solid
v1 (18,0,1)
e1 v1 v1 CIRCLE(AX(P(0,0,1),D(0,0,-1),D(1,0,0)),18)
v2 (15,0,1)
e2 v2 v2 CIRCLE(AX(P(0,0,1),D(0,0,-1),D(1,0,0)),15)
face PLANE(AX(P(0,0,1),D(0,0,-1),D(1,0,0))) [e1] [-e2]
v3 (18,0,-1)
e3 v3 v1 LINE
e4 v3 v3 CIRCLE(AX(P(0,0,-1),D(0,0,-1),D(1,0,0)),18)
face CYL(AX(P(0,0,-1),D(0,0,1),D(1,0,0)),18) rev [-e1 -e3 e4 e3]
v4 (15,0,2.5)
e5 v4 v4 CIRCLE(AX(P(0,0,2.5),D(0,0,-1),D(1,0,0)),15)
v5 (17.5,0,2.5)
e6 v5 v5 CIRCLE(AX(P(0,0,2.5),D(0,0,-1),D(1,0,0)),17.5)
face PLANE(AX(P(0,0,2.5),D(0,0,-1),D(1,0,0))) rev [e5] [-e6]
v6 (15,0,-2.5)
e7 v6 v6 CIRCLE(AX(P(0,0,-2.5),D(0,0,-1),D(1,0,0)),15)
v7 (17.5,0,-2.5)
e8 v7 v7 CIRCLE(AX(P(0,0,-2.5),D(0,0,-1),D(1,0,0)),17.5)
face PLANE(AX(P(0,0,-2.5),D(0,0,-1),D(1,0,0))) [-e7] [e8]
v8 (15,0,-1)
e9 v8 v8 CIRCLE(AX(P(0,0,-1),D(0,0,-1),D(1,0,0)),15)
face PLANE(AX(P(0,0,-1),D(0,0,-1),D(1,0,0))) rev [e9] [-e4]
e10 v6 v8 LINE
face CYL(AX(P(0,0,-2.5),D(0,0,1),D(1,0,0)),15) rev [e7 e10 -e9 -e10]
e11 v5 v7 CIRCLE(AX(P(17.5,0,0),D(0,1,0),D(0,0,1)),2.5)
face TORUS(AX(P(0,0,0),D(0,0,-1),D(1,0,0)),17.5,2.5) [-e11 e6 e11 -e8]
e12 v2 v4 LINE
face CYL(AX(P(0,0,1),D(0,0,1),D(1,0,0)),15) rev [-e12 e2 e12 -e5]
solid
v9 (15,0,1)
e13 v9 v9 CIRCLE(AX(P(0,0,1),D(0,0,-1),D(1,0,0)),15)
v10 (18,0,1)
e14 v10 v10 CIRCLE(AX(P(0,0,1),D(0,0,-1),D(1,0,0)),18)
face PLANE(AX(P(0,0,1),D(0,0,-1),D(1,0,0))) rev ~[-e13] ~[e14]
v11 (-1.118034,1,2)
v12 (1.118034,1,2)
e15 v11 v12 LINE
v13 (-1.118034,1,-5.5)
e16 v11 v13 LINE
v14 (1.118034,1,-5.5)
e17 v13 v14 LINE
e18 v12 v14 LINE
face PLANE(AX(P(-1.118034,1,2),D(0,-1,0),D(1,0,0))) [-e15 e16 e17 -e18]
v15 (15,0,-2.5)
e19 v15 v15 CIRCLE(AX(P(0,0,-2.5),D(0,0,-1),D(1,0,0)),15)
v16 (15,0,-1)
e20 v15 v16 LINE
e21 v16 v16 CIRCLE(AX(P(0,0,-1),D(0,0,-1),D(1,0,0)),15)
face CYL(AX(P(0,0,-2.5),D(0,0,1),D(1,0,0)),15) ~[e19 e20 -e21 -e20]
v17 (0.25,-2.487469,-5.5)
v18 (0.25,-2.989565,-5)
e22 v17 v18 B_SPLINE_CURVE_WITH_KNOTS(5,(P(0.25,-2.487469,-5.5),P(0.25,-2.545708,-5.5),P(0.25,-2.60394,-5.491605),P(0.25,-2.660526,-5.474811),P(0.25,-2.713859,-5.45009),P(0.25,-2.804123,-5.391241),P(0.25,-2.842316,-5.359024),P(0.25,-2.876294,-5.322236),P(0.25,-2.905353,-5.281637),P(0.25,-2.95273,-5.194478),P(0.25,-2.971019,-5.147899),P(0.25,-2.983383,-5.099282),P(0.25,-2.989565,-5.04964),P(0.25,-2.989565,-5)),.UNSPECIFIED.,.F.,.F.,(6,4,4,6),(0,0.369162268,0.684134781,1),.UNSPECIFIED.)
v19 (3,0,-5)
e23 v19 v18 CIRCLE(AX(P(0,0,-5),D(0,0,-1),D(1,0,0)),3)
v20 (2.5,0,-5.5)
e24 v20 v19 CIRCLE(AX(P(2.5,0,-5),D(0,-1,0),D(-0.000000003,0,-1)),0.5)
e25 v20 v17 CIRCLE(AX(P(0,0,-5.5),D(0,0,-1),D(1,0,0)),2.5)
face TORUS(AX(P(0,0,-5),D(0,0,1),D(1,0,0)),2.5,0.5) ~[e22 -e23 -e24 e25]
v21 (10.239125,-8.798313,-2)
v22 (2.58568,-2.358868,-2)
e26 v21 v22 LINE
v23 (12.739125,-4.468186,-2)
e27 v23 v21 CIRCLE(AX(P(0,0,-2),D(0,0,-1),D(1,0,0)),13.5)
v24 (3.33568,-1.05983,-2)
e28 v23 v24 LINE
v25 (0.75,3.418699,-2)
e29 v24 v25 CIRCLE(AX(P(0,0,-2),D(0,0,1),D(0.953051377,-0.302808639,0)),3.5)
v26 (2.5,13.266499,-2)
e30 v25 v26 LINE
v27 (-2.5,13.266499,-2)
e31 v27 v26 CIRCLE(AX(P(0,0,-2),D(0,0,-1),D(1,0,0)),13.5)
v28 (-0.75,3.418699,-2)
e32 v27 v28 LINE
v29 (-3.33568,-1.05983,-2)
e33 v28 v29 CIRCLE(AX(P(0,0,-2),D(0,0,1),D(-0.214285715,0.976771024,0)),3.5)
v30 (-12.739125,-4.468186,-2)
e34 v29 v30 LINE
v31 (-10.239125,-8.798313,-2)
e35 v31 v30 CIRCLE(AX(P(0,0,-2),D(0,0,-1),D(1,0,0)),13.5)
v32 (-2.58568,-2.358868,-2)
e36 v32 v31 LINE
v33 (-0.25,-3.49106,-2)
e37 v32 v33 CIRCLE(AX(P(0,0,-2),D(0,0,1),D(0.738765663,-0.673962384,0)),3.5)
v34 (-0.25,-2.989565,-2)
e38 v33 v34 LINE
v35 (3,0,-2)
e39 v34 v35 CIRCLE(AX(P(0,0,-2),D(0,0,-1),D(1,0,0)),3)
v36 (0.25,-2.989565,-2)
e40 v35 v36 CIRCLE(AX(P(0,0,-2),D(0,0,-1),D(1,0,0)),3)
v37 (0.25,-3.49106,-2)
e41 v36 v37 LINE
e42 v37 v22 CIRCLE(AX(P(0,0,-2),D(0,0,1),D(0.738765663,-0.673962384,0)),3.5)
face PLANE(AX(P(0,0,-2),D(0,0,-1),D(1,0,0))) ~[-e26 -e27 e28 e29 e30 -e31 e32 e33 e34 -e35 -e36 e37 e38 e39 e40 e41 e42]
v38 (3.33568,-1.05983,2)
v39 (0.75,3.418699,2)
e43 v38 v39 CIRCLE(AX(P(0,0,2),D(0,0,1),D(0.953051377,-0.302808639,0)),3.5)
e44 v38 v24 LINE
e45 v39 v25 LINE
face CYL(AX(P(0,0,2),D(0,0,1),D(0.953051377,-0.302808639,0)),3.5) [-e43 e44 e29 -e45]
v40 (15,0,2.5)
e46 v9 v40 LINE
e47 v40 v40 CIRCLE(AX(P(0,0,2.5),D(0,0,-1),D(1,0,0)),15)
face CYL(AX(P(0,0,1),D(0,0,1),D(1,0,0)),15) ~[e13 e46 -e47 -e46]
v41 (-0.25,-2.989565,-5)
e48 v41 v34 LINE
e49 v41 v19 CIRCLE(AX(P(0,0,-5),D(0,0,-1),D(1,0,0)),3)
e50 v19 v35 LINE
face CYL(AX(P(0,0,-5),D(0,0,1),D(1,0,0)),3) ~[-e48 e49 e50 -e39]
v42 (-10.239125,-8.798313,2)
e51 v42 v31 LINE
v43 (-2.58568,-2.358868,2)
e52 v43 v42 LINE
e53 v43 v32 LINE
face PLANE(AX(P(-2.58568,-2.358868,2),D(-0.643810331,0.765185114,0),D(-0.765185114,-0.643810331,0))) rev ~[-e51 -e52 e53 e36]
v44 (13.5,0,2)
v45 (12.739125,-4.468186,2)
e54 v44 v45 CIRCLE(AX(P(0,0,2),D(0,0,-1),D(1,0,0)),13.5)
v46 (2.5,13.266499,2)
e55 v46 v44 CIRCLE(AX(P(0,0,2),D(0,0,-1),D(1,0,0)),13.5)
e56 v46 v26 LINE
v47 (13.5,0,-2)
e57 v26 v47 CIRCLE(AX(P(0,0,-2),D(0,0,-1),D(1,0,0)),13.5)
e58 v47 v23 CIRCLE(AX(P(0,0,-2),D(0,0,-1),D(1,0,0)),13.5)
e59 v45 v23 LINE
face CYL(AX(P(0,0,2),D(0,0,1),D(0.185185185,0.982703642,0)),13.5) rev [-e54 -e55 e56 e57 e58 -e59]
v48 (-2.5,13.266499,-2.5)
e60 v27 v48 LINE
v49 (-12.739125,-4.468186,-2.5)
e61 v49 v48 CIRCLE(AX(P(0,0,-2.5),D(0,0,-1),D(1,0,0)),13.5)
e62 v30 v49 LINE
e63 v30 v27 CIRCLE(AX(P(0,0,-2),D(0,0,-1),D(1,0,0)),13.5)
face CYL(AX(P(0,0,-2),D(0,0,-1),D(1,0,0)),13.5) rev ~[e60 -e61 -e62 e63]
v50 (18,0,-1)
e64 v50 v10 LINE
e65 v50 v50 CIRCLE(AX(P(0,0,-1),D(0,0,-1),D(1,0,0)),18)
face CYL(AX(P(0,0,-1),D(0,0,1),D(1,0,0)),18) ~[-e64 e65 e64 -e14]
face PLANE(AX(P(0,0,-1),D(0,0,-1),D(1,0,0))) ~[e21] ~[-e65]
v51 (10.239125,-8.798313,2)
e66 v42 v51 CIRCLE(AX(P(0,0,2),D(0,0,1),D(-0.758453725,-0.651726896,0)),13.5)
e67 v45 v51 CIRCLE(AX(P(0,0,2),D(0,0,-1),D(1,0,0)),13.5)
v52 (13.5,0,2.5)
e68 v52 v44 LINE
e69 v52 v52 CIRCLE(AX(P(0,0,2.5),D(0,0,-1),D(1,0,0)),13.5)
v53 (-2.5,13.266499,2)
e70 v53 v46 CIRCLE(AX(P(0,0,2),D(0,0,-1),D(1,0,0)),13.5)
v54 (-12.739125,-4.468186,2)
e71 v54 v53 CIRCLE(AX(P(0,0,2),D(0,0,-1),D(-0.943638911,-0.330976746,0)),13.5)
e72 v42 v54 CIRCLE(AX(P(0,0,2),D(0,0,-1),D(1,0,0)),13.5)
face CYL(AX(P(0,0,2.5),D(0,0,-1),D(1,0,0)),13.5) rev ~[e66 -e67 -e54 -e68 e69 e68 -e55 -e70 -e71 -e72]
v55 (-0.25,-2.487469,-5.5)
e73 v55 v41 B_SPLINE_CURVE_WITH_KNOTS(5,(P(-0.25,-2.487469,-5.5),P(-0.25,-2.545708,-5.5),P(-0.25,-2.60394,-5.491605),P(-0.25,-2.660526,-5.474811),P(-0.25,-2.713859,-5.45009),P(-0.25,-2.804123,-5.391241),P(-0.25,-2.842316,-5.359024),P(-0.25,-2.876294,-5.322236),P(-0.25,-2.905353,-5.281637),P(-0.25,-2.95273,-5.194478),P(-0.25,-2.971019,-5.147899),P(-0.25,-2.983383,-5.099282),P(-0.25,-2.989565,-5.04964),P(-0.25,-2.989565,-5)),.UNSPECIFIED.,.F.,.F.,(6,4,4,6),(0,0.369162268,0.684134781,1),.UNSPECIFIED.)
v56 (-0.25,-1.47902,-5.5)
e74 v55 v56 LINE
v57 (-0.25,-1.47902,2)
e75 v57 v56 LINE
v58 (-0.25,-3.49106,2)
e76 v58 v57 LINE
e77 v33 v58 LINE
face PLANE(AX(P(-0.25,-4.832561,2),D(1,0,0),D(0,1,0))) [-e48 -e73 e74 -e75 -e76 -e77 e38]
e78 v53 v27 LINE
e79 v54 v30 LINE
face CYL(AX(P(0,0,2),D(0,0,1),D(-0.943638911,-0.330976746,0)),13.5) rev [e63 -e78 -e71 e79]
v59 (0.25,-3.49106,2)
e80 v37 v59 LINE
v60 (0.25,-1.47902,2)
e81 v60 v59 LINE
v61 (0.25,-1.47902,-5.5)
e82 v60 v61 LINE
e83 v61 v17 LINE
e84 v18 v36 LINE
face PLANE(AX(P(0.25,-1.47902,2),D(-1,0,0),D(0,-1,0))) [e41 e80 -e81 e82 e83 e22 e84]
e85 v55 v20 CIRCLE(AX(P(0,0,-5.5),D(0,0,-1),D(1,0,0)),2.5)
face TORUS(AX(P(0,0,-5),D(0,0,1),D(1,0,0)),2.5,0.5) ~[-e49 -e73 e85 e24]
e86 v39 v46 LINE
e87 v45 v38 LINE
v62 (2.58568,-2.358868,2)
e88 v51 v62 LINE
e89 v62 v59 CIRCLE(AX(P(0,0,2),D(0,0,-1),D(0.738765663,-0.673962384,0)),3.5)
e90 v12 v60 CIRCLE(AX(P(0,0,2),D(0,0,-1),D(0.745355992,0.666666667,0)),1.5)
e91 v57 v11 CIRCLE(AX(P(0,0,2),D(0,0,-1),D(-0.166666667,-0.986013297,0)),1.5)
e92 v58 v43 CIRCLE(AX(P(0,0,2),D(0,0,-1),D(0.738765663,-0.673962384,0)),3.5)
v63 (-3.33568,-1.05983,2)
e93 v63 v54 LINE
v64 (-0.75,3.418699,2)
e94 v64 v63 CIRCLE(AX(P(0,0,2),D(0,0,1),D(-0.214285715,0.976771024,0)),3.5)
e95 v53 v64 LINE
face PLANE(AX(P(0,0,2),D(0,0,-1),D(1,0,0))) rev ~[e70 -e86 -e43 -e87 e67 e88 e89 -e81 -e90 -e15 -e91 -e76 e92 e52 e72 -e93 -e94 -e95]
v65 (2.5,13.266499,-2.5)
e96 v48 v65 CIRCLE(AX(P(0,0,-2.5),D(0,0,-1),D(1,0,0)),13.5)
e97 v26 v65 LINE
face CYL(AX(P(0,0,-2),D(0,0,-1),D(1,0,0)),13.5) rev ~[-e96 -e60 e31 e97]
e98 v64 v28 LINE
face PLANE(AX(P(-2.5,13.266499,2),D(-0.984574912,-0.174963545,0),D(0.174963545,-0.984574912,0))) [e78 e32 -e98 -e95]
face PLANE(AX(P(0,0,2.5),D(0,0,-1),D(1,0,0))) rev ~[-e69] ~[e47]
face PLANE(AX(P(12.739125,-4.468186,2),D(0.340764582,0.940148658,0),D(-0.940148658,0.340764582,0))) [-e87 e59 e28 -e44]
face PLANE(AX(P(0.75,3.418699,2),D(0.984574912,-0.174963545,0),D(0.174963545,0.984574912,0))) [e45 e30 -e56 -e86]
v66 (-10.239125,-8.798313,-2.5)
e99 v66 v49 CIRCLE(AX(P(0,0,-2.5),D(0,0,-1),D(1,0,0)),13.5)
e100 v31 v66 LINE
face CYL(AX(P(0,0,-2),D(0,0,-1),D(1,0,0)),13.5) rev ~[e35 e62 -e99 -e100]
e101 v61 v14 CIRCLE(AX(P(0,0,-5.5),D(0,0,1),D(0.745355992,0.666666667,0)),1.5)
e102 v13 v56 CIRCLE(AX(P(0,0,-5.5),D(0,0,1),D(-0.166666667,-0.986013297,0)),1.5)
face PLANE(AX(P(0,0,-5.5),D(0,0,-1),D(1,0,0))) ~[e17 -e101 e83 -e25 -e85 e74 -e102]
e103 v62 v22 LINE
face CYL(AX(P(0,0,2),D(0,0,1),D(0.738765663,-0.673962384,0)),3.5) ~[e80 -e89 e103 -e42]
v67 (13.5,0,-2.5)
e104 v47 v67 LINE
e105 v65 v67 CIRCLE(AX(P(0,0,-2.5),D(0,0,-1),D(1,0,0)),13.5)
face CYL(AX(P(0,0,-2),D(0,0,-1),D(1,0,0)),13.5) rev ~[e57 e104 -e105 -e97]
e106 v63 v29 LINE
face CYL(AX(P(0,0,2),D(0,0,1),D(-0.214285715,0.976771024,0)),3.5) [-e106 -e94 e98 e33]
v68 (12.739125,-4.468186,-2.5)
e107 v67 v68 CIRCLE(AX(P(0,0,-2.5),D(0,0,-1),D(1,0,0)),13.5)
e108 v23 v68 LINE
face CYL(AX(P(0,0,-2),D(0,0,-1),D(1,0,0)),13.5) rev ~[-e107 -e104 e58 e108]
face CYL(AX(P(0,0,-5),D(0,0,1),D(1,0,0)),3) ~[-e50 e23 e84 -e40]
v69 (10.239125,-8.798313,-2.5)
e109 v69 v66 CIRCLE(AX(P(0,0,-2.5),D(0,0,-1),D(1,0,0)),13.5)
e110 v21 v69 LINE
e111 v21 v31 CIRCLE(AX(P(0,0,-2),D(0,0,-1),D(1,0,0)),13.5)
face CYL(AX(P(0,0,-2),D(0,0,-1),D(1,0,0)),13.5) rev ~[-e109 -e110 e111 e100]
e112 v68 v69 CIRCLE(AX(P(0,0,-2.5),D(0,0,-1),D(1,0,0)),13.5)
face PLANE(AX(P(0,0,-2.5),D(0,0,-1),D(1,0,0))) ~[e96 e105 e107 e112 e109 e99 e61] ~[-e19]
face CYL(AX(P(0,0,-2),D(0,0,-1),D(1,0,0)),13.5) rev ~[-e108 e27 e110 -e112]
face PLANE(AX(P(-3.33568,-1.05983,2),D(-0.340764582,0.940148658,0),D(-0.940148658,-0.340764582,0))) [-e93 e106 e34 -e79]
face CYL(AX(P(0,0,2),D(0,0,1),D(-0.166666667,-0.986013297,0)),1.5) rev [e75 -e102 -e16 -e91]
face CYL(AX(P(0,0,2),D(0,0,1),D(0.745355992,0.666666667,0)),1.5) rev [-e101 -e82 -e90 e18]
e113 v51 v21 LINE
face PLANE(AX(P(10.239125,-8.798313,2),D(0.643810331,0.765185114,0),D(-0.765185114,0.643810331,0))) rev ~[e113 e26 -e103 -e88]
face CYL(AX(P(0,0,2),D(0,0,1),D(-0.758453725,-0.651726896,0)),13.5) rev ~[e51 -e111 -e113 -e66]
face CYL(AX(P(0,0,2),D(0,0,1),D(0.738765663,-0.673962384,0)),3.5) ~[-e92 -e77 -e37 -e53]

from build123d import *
from build123d.topology import SkipClean

# Parameters (mm, degrees)
ODEBRAT_VYSUNUT_M1_DEPTH = 27.537709019
ODEBRAT_VYSUNUT_M2_DEPTH = 27.537709019


with BuildPart() as part:
    # Skica2 → Rotovat1 (revolve)
    with BuildSketch(Plane(origin=(0, 0, 0), x_dir=(0, 0, -1), z_dir=(1, 0, 0)), mode=Mode.PRIVATE) as rotovat1_sk:
        with BuildLine():
            Line((-2, 13.5), (-2, 0))
            Line((-2, 0), (5.5, 0))
            Line((5.5, 0), (5.5, 2.5))
            ThreePointArc((5.5, 2.5), (5.353553391, 2.853553391), (5, 3))
            Line((5, 3), (2, 3))
            Line((2, 3), (2, 13.5))
            Line((2, 13.5), (2.5, 13.5))
            Line((2.5, 13.5), (2.5, 15))
            Line((2.5, 15), (1, 15))
            Line((1, 15), (1, 18))
            Line((1, 18), (-1, 18))
            Line((-1, 18), (-1, 15))
            Line((-1, 15), (-2.5, 15))
            Line((-2.5, 15), (-2.5, 13.5))
            Line((-2.5, 13.5), (-2, 13.5))
        make_face()
    revolve(rotovat1_sk.sketch.rotate(Axis((0, 0, 36.988949001), (0, 0, -1)), 90), axis=Axis((0, 0, 36.988949001), (0, 0, -1)))

    # Skica3 → Odebrat vysunutím1 (cut, through all)
    with SkipClean():  # the faces are left unmerged after this step: merging them gives an invalid solid
        with BuildSketch(Plane.XY.offset(2)):
            with BuildLine():
                Line((12.739125293, -4.468186071), (3.335679821, -1.059830239))
                ThreePointArc((3.335679821, -1.059830239), (3.031088913, 1.75), (0.75, 3.418698583))
                Line((0.75, 3.418698583), (2.5, 13.266499161))
                ThreePointArc((2.5, 13.266499161), (11.691342951, 6.75), (12.739125293, -4.468186071))
            make_face()
            with BuildLine():
                Line((-2.5, 13.266499161), (-0.75, 3.418698583))
                ThreePointArc((-0.75, 3.418698583), (-3.031088913, 1.75), (-3.335679821, -1.059830239))
                Line((-3.335679821, -1.059830239), (-12.739125293, -4.468186071))
                ThreePointArc((-12.739125293, -4.468186071), (-11.691342951, 6.75), (-2.5, 13.266499161))
            make_face()
            with BuildLine():
                Line((10.239125293, -8.79831309), (2.585679821, -2.358868344))
                ThreePointArc((2.585679821, -2.358868344), (0, -3.5), (-2.585679821, -2.358868344))
                Line((-2.585679821, -2.358868344), (-10.239125293, -8.79831309))
                ThreePointArc((-10.239125293, -8.79831309), (0, -13.5), (10.239125293, -8.79831309))
            make_face()
        extrude(amount=-ODEBRAT_VYSUNUT_M1_DEPTH, mode=Mode.SUBTRACT)

    # Skica4 → Odebrat vysunutím2 (cut, through all)
    with SkipClean():  # the faces are left unmerged after this step: merging them gives an invalid solid
        with BuildSketch(Plane.XY.offset(2)):
            with BuildLine():
                Line((-1.118033989, 1), (1.118033989, 1))
                ThreePointArc((1.118033989, 1), (1.41572039, -0.495717438), (0.25, -1.479019946))
                Line((0.25, -1.479019946), (0.25, -4.832561127))
                Line((0.25, -4.832561127), (-0.25, -4.832561127))
                Line((-0.25, -4.832561127), (-0.25, -1.479019946))
                ThreePointArc((-0.25, -1.479019946), (-1.41572039, -0.495717438), (-1.118033989, 1))
            make_face()
        extrude(amount=-ODEBRAT_VYSUNUT_M2_DEPTH, mode=Mode.SUBTRACT)


with BuildPart() as body_2:
    # Skica5 → Rotovat2 (revolve)
    with BuildSketch(Plane(origin=(0, 0, 0), x_dir=(0, 0, -1), z_dir=(1, 0, 0)), mode=Mode.PRIVATE) as rotovat2_sk:
        with BuildLine():
            Line((-2.5, 15), (-2.5, 17.5))
            ThreePointArc((-2.5, 17.5), (0, 20), (2.5, 17.5))
            Line((2.5, 17.5), (2.5, 15))
            Line((2.5, 15), (1, 15))
            Line((1, 15), (1, 18))
            Line((1, 18), (-1, 18))
            Line((-1, 18), (-1, 15))
            Line((-1, 15), (-2.5, 15))
        make_face()
    revolve(rotovat2_sk.sketch.rotate(Axis((0, 0, 0), (0, 0, -1)), 90), axis=Axis((0, 0, 0), (0, 0, -1)))


solid = Compound([part.part, body_2.part])
